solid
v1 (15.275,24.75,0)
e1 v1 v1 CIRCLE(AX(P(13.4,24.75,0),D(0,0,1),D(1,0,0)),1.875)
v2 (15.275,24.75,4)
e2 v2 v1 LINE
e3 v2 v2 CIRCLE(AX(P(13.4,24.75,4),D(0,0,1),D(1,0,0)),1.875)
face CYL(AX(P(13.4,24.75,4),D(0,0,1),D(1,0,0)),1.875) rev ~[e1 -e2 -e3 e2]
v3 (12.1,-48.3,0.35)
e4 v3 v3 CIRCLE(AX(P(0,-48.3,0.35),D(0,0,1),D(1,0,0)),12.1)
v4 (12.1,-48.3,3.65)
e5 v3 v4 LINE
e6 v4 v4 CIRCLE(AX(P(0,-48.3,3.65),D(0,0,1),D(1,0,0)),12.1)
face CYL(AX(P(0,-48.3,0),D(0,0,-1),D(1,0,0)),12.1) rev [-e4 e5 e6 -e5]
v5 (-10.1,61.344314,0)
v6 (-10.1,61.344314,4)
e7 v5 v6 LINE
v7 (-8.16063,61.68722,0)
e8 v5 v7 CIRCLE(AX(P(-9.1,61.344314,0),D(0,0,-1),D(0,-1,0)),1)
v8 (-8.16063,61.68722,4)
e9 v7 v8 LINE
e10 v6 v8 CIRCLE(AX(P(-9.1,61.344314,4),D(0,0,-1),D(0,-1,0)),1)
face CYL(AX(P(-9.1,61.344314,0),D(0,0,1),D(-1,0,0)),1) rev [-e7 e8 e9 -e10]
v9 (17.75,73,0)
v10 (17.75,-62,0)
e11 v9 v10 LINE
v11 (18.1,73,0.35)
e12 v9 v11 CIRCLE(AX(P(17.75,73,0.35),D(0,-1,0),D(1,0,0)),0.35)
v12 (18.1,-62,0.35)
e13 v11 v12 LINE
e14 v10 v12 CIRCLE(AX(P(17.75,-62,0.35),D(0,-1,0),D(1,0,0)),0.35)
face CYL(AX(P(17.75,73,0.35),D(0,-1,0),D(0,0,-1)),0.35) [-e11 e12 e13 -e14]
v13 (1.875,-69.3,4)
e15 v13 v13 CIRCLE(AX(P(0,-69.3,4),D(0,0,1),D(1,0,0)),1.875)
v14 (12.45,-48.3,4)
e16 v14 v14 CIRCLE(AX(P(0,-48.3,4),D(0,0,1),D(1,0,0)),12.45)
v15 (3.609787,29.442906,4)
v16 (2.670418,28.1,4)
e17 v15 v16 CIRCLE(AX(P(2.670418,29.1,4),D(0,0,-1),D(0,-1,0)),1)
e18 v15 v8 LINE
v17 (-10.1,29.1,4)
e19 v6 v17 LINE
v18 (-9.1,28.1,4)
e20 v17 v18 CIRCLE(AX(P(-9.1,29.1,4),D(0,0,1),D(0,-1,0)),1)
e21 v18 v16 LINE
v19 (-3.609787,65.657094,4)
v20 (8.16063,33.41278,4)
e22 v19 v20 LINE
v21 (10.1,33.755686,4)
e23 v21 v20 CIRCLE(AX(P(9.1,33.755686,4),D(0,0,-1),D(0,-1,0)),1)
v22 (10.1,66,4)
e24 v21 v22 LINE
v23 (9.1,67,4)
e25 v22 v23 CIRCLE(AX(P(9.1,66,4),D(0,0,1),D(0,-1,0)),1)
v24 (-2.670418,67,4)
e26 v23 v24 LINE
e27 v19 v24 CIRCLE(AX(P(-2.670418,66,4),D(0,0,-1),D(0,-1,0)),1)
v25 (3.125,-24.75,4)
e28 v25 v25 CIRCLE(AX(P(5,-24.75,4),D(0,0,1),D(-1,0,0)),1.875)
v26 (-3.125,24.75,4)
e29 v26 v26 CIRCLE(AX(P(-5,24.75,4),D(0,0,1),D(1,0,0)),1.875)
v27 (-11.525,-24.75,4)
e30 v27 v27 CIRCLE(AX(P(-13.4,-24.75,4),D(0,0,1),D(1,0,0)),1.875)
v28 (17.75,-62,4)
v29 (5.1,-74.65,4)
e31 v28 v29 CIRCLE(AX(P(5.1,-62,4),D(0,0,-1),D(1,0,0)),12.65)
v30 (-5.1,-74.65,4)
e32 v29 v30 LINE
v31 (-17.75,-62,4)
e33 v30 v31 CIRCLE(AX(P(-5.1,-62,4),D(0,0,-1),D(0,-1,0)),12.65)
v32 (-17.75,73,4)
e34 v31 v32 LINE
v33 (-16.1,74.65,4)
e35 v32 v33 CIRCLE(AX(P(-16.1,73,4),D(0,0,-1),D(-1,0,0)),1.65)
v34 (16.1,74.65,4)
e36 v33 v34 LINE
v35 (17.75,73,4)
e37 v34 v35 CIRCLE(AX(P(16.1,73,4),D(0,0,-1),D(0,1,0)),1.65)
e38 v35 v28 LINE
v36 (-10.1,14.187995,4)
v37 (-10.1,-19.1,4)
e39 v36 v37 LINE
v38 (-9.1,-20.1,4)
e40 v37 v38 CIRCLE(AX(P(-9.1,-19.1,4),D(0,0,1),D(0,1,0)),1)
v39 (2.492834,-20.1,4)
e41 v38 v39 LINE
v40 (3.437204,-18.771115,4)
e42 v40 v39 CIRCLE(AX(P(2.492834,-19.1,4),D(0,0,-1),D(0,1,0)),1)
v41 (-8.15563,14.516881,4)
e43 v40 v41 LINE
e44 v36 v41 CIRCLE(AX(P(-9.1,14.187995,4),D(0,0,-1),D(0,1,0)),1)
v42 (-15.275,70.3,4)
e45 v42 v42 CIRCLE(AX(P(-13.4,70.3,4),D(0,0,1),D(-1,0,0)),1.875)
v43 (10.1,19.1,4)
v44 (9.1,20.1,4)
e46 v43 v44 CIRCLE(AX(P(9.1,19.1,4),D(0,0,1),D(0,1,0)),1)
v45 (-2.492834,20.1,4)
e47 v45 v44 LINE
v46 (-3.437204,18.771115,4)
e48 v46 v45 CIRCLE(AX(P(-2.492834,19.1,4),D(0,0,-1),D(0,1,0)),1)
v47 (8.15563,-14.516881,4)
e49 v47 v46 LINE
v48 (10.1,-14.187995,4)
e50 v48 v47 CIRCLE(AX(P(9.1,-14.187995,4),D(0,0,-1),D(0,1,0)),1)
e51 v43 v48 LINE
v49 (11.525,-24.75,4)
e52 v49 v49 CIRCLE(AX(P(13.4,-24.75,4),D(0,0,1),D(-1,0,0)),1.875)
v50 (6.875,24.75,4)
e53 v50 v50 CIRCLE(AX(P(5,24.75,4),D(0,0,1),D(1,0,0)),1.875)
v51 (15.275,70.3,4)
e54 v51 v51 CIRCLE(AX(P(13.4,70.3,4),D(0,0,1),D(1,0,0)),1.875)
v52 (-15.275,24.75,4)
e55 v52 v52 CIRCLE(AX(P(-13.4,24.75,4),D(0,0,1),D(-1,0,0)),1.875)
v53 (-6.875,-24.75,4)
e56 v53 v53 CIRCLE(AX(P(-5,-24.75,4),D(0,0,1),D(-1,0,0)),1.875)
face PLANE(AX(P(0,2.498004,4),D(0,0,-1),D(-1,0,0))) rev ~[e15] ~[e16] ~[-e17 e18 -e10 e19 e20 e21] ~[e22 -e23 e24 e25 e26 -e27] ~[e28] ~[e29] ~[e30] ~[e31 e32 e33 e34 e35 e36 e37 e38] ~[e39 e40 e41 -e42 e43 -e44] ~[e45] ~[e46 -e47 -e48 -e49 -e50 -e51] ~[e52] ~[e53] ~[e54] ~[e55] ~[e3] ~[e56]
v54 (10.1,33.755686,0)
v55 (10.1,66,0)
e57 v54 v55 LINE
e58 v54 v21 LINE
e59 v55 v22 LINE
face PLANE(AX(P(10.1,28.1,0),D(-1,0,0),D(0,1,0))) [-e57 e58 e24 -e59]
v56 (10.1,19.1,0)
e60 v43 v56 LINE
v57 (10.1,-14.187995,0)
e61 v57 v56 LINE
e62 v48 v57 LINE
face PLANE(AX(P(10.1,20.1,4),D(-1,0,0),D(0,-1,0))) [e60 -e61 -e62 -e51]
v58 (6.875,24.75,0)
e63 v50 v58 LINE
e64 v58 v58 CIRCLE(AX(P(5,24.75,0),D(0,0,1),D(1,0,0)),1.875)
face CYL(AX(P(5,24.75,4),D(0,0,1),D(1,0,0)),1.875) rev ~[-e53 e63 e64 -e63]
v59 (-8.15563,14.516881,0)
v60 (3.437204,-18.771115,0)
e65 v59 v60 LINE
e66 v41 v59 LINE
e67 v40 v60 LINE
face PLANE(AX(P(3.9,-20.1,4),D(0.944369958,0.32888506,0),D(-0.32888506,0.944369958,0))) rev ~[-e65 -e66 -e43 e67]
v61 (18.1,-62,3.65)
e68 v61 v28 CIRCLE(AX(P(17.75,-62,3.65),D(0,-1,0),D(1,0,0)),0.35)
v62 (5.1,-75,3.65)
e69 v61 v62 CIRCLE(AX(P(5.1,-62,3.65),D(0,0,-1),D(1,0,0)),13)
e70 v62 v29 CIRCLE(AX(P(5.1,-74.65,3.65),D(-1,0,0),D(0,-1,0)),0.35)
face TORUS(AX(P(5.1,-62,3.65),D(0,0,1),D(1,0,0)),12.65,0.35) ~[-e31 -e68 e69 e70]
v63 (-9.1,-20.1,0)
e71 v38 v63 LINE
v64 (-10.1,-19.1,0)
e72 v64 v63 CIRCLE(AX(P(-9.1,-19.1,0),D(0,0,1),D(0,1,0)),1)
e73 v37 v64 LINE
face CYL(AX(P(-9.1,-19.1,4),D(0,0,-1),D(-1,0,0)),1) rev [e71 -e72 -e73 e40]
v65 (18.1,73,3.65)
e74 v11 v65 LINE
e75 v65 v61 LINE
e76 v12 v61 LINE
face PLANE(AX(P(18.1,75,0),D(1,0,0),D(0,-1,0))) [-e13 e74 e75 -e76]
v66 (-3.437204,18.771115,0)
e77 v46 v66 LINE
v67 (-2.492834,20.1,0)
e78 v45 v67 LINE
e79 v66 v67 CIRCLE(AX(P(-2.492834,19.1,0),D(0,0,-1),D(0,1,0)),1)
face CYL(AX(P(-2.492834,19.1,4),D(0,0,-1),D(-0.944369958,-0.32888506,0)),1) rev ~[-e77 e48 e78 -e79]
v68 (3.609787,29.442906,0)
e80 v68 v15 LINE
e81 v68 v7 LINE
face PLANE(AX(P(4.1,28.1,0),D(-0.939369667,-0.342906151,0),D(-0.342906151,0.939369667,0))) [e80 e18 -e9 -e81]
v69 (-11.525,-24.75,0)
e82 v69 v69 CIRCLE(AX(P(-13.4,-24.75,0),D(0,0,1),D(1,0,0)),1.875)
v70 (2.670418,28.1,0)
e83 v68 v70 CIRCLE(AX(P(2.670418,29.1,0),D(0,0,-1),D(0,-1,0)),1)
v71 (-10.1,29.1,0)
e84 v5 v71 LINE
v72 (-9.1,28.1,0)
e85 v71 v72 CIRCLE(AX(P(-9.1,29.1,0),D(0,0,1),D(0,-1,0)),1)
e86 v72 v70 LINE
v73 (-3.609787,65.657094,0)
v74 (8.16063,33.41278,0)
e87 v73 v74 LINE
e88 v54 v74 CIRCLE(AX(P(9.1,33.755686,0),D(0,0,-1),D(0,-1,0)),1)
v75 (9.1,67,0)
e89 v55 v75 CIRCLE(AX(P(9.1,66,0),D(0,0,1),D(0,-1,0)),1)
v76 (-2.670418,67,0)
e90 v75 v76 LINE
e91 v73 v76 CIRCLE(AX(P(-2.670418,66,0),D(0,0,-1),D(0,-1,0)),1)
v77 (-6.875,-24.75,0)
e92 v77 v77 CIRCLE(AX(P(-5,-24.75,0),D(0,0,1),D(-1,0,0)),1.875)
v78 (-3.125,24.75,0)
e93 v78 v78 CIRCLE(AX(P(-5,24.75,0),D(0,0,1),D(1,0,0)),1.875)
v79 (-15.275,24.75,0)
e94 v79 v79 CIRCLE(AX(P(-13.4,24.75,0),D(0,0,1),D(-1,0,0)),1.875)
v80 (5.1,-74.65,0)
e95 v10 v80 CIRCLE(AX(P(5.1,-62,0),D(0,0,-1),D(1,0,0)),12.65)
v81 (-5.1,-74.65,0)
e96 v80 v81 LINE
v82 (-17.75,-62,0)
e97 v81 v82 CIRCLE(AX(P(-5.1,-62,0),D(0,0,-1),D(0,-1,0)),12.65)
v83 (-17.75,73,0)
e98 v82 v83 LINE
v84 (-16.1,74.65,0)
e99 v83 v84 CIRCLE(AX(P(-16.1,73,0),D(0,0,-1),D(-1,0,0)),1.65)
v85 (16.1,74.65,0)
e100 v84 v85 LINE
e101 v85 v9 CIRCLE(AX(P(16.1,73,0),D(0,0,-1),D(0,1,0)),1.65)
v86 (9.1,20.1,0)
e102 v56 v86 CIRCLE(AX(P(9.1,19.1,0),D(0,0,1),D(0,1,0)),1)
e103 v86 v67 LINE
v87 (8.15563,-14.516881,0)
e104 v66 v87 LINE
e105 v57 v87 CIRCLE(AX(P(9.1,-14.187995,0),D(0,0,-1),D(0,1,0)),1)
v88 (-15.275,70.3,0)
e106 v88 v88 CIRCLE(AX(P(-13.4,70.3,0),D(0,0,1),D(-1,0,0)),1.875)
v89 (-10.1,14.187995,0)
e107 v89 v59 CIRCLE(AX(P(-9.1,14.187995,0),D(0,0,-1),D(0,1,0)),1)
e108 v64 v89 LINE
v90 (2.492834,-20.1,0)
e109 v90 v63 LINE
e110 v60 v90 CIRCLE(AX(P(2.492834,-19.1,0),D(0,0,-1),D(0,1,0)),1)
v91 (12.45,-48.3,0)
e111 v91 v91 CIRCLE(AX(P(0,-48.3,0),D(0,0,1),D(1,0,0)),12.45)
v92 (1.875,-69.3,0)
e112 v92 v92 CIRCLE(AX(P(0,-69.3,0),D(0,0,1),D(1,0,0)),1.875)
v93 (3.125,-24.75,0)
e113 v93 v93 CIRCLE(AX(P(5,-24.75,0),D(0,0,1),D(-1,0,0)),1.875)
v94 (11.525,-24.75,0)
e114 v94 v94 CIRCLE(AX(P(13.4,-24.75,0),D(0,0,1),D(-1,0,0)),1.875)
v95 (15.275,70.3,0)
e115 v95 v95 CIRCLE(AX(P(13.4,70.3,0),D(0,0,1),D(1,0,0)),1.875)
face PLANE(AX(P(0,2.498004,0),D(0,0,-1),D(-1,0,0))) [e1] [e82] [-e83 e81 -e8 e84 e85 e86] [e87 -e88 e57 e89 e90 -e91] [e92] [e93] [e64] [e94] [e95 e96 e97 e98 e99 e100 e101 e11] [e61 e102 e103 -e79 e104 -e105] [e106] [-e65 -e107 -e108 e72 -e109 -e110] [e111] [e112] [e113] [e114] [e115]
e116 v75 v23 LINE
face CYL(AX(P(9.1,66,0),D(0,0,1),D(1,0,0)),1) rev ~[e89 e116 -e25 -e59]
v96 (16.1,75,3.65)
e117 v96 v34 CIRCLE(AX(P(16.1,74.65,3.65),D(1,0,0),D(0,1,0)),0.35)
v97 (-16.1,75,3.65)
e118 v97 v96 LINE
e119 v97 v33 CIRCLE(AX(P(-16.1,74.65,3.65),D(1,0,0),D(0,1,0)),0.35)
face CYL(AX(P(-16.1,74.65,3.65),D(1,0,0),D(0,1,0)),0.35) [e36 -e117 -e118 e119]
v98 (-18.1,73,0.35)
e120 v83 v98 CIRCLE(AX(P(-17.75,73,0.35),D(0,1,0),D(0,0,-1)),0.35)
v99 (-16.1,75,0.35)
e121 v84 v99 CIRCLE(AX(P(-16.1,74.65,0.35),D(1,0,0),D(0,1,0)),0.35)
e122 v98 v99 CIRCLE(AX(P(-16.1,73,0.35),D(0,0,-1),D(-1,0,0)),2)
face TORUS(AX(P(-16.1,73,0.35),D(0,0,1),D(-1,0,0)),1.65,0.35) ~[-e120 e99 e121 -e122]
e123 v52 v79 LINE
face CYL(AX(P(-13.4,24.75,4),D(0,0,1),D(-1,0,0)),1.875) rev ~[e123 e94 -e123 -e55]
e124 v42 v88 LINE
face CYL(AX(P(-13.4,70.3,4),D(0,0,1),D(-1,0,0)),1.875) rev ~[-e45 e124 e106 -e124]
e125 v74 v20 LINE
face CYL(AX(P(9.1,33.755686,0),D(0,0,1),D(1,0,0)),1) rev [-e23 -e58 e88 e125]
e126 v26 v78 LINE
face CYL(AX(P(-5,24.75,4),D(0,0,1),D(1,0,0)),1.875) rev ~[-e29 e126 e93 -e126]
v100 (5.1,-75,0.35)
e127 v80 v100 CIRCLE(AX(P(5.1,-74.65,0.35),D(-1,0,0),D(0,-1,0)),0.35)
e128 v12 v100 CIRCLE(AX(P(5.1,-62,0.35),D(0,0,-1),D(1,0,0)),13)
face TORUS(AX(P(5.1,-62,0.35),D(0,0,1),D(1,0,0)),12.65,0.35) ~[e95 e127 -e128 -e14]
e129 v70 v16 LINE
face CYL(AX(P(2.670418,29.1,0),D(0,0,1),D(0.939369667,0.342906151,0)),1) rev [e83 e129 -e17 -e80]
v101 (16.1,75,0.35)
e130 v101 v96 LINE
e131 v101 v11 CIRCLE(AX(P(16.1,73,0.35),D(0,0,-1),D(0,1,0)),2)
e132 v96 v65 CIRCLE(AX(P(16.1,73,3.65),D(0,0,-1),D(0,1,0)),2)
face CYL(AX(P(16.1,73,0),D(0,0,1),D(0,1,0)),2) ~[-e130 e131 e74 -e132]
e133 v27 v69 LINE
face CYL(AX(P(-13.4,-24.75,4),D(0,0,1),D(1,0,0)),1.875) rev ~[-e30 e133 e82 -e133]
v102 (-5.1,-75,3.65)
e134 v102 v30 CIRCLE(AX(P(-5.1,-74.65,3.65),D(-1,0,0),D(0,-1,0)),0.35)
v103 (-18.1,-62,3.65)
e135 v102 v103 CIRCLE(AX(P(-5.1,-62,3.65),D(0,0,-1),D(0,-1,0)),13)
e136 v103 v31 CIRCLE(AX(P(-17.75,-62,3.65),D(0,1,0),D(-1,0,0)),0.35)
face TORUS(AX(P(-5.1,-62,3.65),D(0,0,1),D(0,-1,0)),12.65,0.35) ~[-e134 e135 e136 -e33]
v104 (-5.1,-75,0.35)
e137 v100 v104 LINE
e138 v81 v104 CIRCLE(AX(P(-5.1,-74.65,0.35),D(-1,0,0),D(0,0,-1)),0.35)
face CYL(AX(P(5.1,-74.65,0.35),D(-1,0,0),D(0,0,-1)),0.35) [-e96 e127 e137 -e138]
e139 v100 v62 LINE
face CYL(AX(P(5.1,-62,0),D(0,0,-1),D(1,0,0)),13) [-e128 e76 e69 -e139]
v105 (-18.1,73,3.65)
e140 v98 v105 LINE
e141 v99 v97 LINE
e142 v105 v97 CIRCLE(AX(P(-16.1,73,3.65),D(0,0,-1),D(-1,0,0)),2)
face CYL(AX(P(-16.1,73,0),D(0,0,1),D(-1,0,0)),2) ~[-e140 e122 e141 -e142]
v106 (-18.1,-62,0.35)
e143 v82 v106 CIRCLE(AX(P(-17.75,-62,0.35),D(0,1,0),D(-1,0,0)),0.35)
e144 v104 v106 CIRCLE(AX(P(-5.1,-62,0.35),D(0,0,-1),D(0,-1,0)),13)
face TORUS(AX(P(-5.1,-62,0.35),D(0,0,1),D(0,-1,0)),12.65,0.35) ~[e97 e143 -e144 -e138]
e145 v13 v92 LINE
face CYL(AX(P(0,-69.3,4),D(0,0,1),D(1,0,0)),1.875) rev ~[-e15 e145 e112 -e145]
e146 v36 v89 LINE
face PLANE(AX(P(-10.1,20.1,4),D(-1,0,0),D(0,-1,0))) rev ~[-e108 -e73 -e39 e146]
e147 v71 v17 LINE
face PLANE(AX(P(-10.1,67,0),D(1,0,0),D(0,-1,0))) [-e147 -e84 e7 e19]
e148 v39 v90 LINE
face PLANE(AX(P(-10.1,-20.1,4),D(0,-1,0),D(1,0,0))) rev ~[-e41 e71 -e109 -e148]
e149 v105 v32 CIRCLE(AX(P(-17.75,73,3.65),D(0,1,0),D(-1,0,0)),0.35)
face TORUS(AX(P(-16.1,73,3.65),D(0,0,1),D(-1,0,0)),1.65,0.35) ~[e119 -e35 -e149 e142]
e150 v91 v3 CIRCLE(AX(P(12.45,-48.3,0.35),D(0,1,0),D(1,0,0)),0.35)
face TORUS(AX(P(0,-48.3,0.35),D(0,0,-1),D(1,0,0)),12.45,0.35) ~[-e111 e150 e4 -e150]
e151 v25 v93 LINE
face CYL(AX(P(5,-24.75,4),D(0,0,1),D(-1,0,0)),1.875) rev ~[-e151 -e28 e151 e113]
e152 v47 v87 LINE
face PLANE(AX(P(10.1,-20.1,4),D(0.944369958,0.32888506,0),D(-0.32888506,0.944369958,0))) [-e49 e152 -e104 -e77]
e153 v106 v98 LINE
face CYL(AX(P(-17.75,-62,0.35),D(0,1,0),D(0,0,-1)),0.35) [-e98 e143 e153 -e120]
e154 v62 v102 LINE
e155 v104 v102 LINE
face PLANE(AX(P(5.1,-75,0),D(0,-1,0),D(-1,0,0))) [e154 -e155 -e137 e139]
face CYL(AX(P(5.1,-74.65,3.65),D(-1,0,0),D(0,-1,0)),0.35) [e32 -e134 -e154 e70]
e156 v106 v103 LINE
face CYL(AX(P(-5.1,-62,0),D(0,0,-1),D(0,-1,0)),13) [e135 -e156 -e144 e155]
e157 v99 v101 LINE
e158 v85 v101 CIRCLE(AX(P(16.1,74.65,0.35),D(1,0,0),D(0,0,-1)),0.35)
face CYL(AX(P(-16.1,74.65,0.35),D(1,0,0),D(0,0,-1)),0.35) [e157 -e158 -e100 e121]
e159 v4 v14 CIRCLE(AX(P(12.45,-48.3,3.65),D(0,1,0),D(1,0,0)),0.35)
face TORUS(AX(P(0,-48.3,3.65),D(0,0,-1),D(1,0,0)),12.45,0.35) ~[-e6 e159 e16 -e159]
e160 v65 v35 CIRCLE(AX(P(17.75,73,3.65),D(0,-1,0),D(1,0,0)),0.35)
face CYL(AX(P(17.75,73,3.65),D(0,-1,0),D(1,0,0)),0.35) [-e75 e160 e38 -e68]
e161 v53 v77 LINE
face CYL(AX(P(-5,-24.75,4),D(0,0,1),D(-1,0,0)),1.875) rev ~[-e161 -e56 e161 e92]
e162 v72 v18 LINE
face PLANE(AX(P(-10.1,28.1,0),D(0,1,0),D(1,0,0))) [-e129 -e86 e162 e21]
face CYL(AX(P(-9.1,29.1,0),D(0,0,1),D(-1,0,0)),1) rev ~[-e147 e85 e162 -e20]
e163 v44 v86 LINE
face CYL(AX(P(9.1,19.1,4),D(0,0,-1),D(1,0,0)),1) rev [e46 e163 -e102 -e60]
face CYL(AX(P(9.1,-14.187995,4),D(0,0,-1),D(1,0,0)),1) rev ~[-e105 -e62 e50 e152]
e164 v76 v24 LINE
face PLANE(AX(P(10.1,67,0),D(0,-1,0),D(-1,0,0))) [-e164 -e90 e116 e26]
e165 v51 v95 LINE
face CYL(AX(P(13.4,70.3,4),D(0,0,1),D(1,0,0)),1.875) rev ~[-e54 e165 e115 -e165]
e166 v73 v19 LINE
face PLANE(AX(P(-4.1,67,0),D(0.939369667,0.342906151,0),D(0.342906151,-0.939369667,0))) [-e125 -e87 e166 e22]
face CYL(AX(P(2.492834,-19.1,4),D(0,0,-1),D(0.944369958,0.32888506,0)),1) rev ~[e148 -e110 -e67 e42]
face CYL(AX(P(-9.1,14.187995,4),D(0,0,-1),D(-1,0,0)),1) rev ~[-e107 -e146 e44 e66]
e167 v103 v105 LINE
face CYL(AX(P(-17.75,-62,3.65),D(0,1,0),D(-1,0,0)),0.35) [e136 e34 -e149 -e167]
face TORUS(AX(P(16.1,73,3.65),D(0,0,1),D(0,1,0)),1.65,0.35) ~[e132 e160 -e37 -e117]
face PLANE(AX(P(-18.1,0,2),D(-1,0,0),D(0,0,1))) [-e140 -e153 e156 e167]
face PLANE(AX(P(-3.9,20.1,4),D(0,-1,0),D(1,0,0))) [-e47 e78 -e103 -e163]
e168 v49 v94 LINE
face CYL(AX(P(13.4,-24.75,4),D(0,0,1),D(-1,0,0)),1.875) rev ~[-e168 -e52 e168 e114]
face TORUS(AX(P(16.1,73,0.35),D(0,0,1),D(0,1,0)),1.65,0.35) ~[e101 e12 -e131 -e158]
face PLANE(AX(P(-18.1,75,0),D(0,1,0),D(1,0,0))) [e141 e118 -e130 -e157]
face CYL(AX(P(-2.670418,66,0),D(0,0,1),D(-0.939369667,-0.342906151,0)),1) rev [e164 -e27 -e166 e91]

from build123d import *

# Parameters (mm, degrees)
SKETCH1_R           = 12.1
SKETCH1_W           = 20.2
SKETCH1_H           = 40.2
BASE_PLATE_DEPTH    = 4
FILLET1_R           = 1
FILLET2_R           = 2
SKETCH2_R           = 1.875
CUT_EXTRUDE1_DEPTH  = 78.256779638
SKETCH3_W           = 4
SKETCH3_H           = 40.2
BOSS_EXTRUDE1_DEPTH = 28.2
CUT_EXTRUDE2_DEPTH  = 78.256779638
FILLET3_R           = 1
FILLET5_R           = 0.35


with BuildPart() as part:
    # Sketch1 → Base Plate (new body)
    with BuildSketch(Plane.XY):
        with BuildLine():
            Line((-18.1, -62), (-18.1, 75))
            Line((-18.1, 75), (18.1, 75))
            Line((18.1, 75), (18.1, -62))
            ThreePointArc((18.1, -62), (14.292388155, -71.192388155), (5.1, -75))
            Line((5.1, -75), (-5.1, -75))
            ThreePointArc((-5.1, -75), (-14.292388155, -71.192388155), (-18.1, -62))
        make_face()
        with Locations((0, -48.3)):
            Circle(SKETCH1_R, mode=Mode.SUBTRACT)
        Polygon((-10.1, 28.1), (4.1, 28.1), (-10.1, 67), align=None, mode=Mode.SUBTRACT)
        Rectangle(SKETCH1_W, SKETCH1_H, mode=Mode.SUBTRACT)
        Polygon((10.1, 67), (-4.1, 67), (10.1, 28.1), align=None, mode=Mode.SUBTRACT)
    extrude(amount=BASE_PLATE_DEPTH)

    # Fillet1
    fillet1_edges = [part.edges().sort_by_distance(p)[0] for p in [
        (10.1, 28.1, 2),
        (10.1, 67, 2),
        (-4.1, 67, 2),
        (-10.1, 67, 2),
        (-10.1, 28.1, 2),
        (4.1, 28.1, 2),
    ]]
    fillet(fillet1_edges, radius=FILLET1_R)

    # Fillet2
    fillet2_edges = [part.edges().sort_by_distance(p)[0] for p in [
        (-18.1, 75, 2),
        (18.1, 75, 2),
    ]]
    fillet(fillet2_edges, radius=FILLET2_R)

    # Sketch2 → Cut-Extrude1 (cut, through all)
    with BuildSketch(Plane.XY.offset(4)):
        with Locations((5, 24.75)):
            Circle(SKETCH2_R)
        with Locations((-5, 24.75)):
            Circle(SKETCH2_R)
        with Locations(Location((-5, -24.75, 0), (0, 0, 180))):
            Circle(SKETCH2_R)
        with Locations(Location((5, -24.75, 0), (0, 0, 180))):
            Circle(SKETCH2_R)
        with Locations((13.4, 24.75)):
            Circle(SKETCH2_R)
        with Locations(Location((-13.4, 24.75, 0), (0, 0, 180))):
            Circle(SKETCH2_R)
        with Locations(Location((13.4, -24.75, 0), (0, 0, 180))):
            Circle(SKETCH2_R)
        with Locations((-13.4, -24.75)):
            Circle(SKETCH2_R)
        with Locations((13.4, 70.3)):
            Circle(SKETCH2_R)
        with Locations(Location((-13.4, 70.3, 0), (0, 0, 180))):
            Circle(SKETCH2_R)
        with Locations((0, -69.3)):
            Circle(SKETCH2_R)
    extrude(amount=-CUT_EXTRUDE1_DEPTH, mode=Mode.SUBTRACT)

    # Sketch3 → Boss-Extrude1 (add, through all)
    with BuildSketch(Plane.ZY.offset(-10.1)):
        with Locations((2, 0)):
            Rectangle(SKETCH3_W, SKETCH3_H)
    extrude(amount=BOSS_EXTRUDE1_DEPTH)

    # Sketch4 → Cut-Extrude2 (cut, through all)
    with BuildSketch(Plane.XY.offset(4)):
        Polygon((-10.1, 20.1), (-10.1, -20.1), (3.9, -20.1), align=None)
        Polygon((-3.9, 20.1), (10.1, 20.1), (10.1, -20.1), align=None)
    extrude(amount=-CUT_EXTRUDE2_DEPTH, mode=Mode.SUBTRACT)

    # Fillet3
    fillet3_edges = [part.edges().sort_by_distance(p)[0] for p in [
        (10.1, -20.1, 2),
        (-3.9, 20.1, 2),
        (10.1, 20.1, 2),
        (-10.1, 20.1, 2),
        (3.9, -20.1, 2),
        (-10.1, -20.1, 2),
    ]]
    fillet(fillet3_edges, radius=FILLET3_R)

    # Fillet5
    fillet5_edges = [part.edges().sort_by_distance(p)[0] for p in [
        (17.514213562, 74.414213562, 4),
        (-17.514213562, 74.414213562, 4),
        (-14.292388155, -71.192388155, 4),
        (0, -75, 4),
        (14.292388155, -71.192388155, 4),
        (-12.1, -48.3, 0),
        (-12.1, -48.3, 4),
        (18.1, 5.5, 4),
        (14.292388155, -71.192388155, 0),
        (0, -75, 0),
        (-14.292388155, -71.192388155, 0),
        (18.1, 5.5, 0),
        (-18.1, 5.5, 0),
        (-18.1, 5.5, 4),
        (0, 75, 0),
        (17.514213562, 74.414213562, 0),
        (-17.514213562, 74.414213562, 0),
        (0, 75, 4),
    ]]
    fillet(fillet5_edges, radius=FILLET5_R)


solid = part.part
